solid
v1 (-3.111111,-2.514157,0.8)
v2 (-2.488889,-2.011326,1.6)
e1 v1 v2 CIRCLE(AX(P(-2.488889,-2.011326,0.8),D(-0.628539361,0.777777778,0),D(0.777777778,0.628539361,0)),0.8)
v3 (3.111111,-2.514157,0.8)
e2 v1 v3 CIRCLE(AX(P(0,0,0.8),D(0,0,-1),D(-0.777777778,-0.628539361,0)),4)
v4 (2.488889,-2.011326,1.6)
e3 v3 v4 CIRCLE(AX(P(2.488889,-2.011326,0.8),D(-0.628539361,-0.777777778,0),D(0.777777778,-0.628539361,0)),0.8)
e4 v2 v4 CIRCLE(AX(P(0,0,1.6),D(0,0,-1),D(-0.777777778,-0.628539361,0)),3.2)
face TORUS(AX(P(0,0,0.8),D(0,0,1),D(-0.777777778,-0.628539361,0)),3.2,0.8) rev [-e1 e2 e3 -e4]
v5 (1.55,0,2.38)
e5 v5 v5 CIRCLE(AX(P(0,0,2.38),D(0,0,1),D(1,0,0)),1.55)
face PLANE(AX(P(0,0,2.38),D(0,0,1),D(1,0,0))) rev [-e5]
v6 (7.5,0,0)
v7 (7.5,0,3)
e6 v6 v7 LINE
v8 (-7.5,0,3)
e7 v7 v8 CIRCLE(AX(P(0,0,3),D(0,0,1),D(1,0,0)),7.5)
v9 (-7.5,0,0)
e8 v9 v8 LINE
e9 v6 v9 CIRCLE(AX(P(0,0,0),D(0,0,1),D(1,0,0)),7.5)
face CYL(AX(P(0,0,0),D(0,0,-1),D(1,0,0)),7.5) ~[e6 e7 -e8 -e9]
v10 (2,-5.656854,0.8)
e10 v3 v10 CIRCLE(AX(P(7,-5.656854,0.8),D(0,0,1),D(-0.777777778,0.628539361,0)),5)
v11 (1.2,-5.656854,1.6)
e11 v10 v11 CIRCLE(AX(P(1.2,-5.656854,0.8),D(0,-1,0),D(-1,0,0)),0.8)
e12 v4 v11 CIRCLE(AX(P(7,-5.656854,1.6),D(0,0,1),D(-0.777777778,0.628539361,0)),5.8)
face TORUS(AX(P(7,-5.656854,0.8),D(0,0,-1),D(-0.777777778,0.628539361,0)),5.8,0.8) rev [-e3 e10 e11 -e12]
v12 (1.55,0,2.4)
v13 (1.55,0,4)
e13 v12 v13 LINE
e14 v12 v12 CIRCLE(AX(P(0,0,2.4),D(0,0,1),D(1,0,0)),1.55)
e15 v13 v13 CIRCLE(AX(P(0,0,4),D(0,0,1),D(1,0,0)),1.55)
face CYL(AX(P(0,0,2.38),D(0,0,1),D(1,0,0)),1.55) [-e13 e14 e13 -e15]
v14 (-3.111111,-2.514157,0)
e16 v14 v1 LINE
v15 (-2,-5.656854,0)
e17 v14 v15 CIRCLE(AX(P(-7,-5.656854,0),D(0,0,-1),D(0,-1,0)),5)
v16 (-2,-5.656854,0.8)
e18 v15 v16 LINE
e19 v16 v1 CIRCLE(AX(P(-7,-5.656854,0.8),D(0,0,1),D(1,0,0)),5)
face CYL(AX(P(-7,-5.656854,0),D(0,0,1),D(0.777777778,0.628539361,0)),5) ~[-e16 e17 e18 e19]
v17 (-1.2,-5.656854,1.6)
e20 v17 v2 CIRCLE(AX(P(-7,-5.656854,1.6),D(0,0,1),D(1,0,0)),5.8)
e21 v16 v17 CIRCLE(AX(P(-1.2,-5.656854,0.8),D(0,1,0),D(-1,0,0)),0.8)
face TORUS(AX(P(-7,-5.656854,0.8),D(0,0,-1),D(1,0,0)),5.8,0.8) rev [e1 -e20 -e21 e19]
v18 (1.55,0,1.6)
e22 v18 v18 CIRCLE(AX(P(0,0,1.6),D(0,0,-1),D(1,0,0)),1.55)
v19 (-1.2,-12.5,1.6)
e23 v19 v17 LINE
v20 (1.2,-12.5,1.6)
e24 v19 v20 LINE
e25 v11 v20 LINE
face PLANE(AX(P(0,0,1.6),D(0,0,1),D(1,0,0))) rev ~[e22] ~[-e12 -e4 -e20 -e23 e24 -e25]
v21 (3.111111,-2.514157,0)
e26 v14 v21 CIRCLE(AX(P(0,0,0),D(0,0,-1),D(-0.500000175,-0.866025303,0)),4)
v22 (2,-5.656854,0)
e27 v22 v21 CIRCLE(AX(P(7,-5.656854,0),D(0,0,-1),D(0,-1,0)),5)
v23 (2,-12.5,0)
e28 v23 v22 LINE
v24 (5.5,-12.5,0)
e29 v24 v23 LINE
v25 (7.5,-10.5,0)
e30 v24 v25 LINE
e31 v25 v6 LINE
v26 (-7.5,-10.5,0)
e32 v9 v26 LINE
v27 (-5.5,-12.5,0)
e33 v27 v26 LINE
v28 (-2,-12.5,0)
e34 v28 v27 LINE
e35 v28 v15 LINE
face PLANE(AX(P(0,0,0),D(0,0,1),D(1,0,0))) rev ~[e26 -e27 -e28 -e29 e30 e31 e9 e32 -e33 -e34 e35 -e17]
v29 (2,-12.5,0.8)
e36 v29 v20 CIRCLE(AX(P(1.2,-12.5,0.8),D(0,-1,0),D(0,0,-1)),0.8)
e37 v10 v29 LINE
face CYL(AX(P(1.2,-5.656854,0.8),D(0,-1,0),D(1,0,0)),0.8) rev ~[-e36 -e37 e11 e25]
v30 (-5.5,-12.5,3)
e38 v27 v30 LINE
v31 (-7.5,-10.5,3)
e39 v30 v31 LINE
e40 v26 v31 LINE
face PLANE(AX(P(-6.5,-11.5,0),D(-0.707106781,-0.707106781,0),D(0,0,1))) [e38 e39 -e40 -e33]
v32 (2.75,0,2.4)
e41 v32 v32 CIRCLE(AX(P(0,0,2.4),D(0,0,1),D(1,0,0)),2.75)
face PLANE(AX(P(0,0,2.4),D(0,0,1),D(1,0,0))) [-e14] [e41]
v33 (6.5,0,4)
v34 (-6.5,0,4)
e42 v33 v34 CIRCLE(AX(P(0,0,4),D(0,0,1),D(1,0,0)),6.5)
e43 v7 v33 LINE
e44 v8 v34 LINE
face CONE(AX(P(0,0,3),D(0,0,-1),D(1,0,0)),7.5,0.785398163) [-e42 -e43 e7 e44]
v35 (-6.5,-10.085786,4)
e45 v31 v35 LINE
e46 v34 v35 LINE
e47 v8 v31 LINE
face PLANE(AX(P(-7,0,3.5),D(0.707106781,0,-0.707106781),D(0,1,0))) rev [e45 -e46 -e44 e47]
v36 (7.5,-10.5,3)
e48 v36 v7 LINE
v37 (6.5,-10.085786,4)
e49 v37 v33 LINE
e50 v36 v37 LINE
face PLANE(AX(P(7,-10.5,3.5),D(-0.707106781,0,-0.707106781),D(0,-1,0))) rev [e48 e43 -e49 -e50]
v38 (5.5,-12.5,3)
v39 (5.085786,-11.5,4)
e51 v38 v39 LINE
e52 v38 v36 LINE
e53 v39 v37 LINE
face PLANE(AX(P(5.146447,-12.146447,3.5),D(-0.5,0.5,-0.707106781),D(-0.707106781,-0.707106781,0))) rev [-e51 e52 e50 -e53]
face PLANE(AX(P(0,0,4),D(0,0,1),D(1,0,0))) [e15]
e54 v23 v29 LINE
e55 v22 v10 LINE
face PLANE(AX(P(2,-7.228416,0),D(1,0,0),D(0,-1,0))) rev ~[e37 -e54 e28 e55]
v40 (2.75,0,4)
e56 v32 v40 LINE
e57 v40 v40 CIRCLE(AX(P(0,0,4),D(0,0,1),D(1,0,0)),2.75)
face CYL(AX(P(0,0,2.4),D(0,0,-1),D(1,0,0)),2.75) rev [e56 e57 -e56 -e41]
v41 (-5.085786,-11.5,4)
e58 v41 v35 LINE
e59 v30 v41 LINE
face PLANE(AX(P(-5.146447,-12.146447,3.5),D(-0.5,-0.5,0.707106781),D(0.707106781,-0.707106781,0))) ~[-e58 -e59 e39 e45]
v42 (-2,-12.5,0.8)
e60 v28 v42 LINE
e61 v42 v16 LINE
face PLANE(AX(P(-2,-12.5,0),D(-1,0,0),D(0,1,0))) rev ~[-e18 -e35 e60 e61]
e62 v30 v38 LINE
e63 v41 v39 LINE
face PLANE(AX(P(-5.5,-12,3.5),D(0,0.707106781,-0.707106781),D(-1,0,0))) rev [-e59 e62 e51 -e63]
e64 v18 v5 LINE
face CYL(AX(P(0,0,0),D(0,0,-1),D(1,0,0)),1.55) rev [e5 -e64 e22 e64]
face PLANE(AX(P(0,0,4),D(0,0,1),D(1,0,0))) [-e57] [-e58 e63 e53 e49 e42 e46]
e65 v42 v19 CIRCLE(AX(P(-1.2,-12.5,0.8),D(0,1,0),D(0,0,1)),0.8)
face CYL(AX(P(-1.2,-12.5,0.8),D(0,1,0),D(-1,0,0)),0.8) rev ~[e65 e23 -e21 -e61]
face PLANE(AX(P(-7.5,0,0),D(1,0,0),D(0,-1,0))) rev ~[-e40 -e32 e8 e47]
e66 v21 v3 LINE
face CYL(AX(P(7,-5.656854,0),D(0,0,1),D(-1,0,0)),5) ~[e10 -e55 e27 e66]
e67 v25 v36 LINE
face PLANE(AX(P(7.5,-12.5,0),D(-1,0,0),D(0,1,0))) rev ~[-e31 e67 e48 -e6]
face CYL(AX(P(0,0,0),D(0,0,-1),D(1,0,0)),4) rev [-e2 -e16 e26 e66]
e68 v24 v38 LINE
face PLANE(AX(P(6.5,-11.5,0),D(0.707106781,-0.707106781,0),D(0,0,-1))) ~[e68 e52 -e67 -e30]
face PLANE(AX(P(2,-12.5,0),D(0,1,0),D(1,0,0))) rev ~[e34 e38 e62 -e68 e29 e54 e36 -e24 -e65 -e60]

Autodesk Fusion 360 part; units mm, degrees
sketch "Sketch1" plane through (0, 0, 0) normal (0, 0, 1) x (1, 0, 0)
  circle A0 centre (0, 0) radius 7.5
  line L0 (-7.5, 0) -> (-7.5, -12.5)
  line L1 (-7.5, -12.5) -> (7.5, -12.5)
  line L2 (7.5, -12.5) -> (7.5, 0)
  circle A1 centre (0, 0) radius 4
  line L3 (-2, -12.5) -> (-2, -3.4641)
  line L4 (2, -3.4641) -> (2, -12.5)
  circle A2 centre (0, 0) radius 1.55
  circle A3 centre (0, 0) radius 2.75
  dimension "d1" = 15
  dimension "d2" = 20
  dimension "d3" = 8
  dimension "d4" = 4
  dimension "d5" = 3.1
  dimension "d6" = 5.5
extrude "Extrude1" add sketch "Sketch1" along normal blind 4 contours A0 A1 L3 L4 | A0 L1 L2 L4 | A0 L0 L1 L3 | A0 L1 L3 L4 | A0 A1 L3 L4 | A1 | A2 | A3
extrude "Extrude2" cut sketch "Sketch1" along normal blind 1.6 contours A0 L1 L3 L4 | A0 A1 L3 L4 | A1 | A2 | A3 picked at (0.436, -6.3069)
extrude "Extrude3" cut sketch "Sketch1" along normal through all contours A2
extrude "Extrude4" cut sketch "Sketch1" along normal up to surface (1.6 mm away) from surface at 2.4 contours A3
fillet "Fillet2" radius 5 2 edges at (2, -3.4641, 0.8) (-2, -3.4641, 0.8)
fillet "Fillet1" radius 0.8 5 edges at (2, -9.0784, 1.6) (2.286, -3.9902, 1.6) (0, 4, 1.6) (-2.286, -3.9902, 1.6) (-2, -9.0784, 1.6)
chamfer "Chamfer1" distance 2 angle 45 2 edges at (-7.5, -12.5, 2) (7.5, -12.5, 2)
chamfer "Chamfer2" distance 1 angle 45 6 edges at (-7.5, -5.25, 4) (7.5, -5.25, 4) (0, 7.5, 4) (0, -12.5, 4) (6.5, -11.5, 4) (-6.5, -11.5, 4)
cylinder "CylinderPrimitive1" add diameter 3.1 height -1.62 placed x (1, 0, 0) y (0, 1, 0) z (0, 0, 1) at (0, 0, 4)
equation "d12 = 4 mm - 1.6 mm"
